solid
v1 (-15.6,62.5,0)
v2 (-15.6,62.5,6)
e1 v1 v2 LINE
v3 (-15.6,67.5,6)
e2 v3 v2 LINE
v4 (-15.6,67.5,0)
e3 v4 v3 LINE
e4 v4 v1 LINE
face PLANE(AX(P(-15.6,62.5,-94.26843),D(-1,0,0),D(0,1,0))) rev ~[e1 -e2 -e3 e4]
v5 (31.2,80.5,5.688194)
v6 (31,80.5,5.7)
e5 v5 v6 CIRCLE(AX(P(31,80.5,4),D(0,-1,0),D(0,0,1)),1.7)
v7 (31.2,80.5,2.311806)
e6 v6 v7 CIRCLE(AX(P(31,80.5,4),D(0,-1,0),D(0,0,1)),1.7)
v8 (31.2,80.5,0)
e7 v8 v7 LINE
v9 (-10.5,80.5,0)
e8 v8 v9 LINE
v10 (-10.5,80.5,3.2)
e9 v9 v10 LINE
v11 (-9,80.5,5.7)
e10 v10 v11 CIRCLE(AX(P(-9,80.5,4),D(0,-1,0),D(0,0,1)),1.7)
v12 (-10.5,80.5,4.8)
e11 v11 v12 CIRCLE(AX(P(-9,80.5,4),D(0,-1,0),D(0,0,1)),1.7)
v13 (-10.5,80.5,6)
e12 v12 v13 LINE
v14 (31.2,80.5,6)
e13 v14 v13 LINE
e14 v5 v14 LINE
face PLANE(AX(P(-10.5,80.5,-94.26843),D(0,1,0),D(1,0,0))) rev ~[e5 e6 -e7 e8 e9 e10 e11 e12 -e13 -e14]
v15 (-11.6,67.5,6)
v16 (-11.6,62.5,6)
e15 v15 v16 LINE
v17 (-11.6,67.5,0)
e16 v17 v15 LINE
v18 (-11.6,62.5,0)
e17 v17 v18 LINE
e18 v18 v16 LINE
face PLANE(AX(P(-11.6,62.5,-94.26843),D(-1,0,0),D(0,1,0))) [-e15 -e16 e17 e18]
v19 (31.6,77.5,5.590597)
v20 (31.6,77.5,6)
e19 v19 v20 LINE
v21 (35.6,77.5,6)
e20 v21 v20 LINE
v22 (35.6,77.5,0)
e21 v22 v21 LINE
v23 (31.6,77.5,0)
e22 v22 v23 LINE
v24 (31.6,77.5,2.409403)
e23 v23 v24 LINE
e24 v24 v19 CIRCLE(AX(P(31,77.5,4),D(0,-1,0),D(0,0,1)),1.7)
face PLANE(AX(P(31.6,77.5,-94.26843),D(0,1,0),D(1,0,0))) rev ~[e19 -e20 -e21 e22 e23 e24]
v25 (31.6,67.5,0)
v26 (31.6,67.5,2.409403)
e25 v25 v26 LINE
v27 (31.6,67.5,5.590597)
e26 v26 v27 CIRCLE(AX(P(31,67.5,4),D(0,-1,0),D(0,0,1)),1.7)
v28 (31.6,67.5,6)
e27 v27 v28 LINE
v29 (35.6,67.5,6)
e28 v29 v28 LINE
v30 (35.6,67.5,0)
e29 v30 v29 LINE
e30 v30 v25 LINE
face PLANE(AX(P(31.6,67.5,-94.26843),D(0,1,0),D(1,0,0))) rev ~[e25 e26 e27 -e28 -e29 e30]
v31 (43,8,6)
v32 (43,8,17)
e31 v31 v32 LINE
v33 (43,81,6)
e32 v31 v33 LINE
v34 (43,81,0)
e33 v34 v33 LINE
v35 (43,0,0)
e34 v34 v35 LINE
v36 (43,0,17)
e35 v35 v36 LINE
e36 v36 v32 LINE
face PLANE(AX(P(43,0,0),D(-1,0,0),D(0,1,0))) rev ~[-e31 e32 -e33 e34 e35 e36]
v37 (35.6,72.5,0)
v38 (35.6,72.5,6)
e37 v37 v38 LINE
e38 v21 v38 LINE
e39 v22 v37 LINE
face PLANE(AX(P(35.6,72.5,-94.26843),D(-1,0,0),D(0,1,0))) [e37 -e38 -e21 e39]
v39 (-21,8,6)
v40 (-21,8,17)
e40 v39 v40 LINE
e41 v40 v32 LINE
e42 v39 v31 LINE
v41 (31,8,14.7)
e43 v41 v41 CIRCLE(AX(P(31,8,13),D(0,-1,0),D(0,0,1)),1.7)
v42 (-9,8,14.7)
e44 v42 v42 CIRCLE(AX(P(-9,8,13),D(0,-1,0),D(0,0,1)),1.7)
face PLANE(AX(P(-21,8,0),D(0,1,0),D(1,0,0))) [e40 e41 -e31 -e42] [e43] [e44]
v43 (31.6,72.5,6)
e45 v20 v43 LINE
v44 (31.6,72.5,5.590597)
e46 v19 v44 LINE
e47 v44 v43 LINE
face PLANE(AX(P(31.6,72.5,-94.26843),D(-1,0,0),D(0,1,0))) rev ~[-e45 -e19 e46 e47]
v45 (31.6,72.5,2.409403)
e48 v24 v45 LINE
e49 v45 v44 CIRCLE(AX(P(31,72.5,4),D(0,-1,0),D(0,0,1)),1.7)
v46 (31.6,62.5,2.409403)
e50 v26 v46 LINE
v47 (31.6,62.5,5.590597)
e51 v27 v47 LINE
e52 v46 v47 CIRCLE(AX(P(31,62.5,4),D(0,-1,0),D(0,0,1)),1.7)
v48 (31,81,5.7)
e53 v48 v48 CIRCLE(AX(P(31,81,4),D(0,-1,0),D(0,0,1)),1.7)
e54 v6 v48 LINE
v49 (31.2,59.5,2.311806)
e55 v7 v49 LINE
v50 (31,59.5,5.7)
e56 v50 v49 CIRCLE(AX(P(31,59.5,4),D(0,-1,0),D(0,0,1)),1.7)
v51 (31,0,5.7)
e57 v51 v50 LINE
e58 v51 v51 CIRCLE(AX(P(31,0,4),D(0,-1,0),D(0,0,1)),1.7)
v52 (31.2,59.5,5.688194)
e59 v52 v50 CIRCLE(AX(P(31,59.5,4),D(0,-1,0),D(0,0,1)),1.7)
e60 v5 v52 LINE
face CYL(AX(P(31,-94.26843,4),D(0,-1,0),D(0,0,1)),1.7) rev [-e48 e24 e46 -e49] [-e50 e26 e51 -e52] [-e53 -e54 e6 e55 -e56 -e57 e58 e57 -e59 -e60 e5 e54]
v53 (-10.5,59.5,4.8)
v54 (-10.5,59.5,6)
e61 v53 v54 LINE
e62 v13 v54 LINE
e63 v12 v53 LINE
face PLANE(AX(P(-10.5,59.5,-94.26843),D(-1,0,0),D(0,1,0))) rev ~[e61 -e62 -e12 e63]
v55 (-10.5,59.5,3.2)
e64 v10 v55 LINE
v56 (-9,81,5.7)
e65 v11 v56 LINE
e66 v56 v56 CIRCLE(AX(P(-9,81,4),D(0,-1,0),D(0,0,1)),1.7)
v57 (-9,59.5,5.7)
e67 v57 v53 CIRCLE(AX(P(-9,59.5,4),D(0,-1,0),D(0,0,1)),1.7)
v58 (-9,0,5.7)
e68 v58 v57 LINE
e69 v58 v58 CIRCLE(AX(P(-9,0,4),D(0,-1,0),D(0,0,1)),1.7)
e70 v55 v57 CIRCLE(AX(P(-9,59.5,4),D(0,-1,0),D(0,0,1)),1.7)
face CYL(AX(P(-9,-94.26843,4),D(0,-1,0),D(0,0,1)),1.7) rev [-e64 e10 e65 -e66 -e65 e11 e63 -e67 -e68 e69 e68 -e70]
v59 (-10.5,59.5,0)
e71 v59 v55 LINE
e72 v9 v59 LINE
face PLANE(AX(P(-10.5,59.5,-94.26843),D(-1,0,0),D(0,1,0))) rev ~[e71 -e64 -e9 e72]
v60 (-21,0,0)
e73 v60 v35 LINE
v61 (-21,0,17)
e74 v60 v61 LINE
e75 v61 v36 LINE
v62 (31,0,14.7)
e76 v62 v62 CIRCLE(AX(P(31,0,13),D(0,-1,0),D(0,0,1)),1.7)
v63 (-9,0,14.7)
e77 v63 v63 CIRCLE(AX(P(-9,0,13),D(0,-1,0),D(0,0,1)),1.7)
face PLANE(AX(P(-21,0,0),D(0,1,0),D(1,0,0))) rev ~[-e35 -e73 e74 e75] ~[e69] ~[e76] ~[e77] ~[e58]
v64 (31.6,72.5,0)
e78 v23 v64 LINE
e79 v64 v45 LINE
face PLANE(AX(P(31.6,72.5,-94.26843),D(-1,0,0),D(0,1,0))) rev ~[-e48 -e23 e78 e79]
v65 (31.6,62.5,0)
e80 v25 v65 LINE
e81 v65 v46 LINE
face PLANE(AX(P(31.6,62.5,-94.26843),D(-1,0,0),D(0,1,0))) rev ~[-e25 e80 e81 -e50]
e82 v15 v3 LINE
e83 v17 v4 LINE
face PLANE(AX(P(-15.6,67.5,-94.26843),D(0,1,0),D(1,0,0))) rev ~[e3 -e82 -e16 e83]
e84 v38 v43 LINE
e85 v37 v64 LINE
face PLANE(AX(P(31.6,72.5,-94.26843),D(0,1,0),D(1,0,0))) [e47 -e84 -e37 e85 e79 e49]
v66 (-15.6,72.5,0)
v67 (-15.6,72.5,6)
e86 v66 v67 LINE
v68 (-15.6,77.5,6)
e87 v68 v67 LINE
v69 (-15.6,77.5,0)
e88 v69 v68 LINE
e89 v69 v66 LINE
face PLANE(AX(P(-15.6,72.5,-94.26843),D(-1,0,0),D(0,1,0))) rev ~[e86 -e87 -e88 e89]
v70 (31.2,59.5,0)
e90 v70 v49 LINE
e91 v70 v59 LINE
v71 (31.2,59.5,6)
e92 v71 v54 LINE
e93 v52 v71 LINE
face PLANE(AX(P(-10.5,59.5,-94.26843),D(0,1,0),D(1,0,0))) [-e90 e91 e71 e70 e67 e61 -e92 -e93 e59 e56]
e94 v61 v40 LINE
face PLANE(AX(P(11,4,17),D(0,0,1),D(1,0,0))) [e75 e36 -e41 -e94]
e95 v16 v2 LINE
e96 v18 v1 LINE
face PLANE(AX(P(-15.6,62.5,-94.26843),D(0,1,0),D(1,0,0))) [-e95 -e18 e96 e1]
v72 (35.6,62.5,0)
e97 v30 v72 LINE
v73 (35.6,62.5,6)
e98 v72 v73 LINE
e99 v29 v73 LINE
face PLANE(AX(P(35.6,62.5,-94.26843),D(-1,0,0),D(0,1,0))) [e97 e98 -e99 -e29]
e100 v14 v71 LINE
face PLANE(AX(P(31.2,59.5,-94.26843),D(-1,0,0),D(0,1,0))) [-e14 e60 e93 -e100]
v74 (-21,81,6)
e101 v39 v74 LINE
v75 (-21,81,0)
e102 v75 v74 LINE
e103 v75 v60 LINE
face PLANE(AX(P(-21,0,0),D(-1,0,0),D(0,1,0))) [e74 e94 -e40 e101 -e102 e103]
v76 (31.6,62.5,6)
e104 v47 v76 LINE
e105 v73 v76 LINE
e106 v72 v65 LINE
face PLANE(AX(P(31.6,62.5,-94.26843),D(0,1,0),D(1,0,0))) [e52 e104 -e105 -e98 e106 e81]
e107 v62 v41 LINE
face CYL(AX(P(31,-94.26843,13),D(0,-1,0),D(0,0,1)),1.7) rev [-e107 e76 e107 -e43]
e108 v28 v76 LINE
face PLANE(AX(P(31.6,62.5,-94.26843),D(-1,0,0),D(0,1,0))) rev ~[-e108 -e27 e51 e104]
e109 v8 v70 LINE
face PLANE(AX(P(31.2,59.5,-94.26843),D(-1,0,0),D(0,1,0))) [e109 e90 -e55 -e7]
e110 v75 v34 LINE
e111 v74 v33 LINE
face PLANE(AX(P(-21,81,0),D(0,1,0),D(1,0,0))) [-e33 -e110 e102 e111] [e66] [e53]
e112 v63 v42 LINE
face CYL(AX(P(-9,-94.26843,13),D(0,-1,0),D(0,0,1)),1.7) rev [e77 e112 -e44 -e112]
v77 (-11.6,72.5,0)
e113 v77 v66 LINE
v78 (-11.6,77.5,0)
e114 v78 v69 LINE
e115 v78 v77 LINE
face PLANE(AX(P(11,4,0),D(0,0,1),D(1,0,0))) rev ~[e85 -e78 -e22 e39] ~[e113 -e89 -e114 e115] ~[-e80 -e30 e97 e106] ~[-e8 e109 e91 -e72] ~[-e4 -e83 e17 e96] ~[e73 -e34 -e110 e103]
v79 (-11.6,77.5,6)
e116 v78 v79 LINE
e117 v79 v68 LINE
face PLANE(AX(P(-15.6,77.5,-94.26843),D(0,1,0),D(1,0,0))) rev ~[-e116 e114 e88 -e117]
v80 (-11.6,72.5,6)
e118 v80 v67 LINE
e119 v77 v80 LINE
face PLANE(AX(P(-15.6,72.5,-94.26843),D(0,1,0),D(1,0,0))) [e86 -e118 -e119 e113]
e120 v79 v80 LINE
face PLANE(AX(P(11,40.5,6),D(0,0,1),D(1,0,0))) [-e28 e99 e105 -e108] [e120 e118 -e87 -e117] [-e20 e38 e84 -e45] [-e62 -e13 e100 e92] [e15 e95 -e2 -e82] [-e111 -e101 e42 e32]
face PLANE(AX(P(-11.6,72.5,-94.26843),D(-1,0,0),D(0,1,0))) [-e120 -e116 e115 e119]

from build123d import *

# Parameters (mm, degrees)
SKETCH_1_W                                      = 64
SKETCH_1_H                                      = 8
SERVO_FOOT_DEPTH                                = 17
SKETCH_2_W                                      = 64
SKETCH_2_H                                      = 81
SERVO_FACE_PLATE_DEPTH                          = 6
MG995_BODY_WINDOW_REFERENCE_DEPTH               = 94.268429814
MG995_BODY_WINDOW_REFERENCE_DEPTH_BACK          = 94.268429814
SKETCH_3_W                                      = 41.7
SKETCH_3_H                                      = 21
MG995_47P2X10_REFERENCE_SLOTS_VERIFY_DEPTH      = 94.268429814
MG995_47P2X10_REFERENCE_SLOTS_VERIFY_DEPTH_BACK = 94.268429814
SKETCH_4_W                                      = 4
SKETCH_4_H                                      = 5
SERVO_FOOT_M3_DEPTH                             = 94.268429814
SERVO_FOOT_M3_DEPTH_BACK                        = 94.268429814
SKETCH_5_R                                      = 1.7


with BuildPart() as part:
    # 草图1 → Servo_foot (new body)
    with BuildSketch(Plane.XY):
        with Locations((11, 4)):
            Rectangle(SKETCH_1_W, SKETCH_1_H)
    extrude(amount=SERVO_FOOT_DEPTH)

    # 草图2 → Servo_face_plate (add)
    with BuildSketch(Plane.XY):
        with Locations((11, 40.5)):
            Rectangle(SKETCH_2_W, SKETCH_2_H)
    extrude(amount=SERVO_FACE_PLATE_DEPTH)

    # 草图3 → MG995_body_window_REFERENCE (cut, two sides: drawn at the far end of the back side and taken through both)
    with BuildSketch(Plane.XY.offset(-MG995_BODY_WINDOW_REFERENCE_DEPTH_BACK)):
        with Locations((10.35, 70)):
            Rectangle(SKETCH_3_W, SKETCH_3_H)
    extrude(amount=MG995_BODY_WINDOW_REFERENCE_DEPTH + MG995_BODY_WINDOW_REFERENCE_DEPTH_BACK, mode=Mode.SUBTRACT)

    # 草图4 → MG995_47p2x10_reference_slots_VERIFY (cut, two sides: drawn at the far end of the back side and taken through both)
    with BuildSketch(Plane.XY.offset(-MG995_47P2X10_REFERENCE_SLOTS_VERIFY_DEPTH_BACK)):
        with Locations((-13.6, 65)):
            Rectangle(SKETCH_4_W, SKETCH_4_H)
        with Locations((-13.6, 75)):
            Rectangle(SKETCH_4_W, SKETCH_4_H)
        with Locations((33.6, 65)):
            Rectangle(SKETCH_4_W, SKETCH_4_H)
        with Locations((33.6, 75)):
            Rectangle(SKETCH_4_W, SKETCH_4_H)
    extrude(amount=MG995_47P2X10_REFERENCE_SLOTS_VERIFY_DEPTH + MG995_47P2X10_REFERENCE_SLOTS_VERIFY_DEPTH_BACK, mode=Mode.SUBTRACT)

    # 草图5 → Servo_foot_M3 (cut, two sides: drawn at the far end of the back side and taken through both)
    with BuildSketch(Plane(origin=(0, 0, 0), x_dir=(1, 0, 0), z_dir=(0, 1, 0)).offset(-SERVO_FOOT_M3_DEPTH_BACK)):
        with Locations(Location((-9, -4, 0), (0, 0, 270))):
            Circle(SKETCH_5_R)
        with Locations(Location((-9, -13, 0), (0, 0, 270))):
            Circle(SKETCH_5_R)
        with Locations(Location((31, -4, 0), (0, 0, 270))):
            Circle(SKETCH_5_R)
        with Locations(Location((31, -13, 0), (0, 0, 270))):
            Circle(SKETCH_5_R)
    extrude(amount=SERVO_FOOT_M3_DEPTH + SERVO_FOOT_M3_DEPTH_BACK, mode=Mode.SUBTRACT)


solid = part.part
